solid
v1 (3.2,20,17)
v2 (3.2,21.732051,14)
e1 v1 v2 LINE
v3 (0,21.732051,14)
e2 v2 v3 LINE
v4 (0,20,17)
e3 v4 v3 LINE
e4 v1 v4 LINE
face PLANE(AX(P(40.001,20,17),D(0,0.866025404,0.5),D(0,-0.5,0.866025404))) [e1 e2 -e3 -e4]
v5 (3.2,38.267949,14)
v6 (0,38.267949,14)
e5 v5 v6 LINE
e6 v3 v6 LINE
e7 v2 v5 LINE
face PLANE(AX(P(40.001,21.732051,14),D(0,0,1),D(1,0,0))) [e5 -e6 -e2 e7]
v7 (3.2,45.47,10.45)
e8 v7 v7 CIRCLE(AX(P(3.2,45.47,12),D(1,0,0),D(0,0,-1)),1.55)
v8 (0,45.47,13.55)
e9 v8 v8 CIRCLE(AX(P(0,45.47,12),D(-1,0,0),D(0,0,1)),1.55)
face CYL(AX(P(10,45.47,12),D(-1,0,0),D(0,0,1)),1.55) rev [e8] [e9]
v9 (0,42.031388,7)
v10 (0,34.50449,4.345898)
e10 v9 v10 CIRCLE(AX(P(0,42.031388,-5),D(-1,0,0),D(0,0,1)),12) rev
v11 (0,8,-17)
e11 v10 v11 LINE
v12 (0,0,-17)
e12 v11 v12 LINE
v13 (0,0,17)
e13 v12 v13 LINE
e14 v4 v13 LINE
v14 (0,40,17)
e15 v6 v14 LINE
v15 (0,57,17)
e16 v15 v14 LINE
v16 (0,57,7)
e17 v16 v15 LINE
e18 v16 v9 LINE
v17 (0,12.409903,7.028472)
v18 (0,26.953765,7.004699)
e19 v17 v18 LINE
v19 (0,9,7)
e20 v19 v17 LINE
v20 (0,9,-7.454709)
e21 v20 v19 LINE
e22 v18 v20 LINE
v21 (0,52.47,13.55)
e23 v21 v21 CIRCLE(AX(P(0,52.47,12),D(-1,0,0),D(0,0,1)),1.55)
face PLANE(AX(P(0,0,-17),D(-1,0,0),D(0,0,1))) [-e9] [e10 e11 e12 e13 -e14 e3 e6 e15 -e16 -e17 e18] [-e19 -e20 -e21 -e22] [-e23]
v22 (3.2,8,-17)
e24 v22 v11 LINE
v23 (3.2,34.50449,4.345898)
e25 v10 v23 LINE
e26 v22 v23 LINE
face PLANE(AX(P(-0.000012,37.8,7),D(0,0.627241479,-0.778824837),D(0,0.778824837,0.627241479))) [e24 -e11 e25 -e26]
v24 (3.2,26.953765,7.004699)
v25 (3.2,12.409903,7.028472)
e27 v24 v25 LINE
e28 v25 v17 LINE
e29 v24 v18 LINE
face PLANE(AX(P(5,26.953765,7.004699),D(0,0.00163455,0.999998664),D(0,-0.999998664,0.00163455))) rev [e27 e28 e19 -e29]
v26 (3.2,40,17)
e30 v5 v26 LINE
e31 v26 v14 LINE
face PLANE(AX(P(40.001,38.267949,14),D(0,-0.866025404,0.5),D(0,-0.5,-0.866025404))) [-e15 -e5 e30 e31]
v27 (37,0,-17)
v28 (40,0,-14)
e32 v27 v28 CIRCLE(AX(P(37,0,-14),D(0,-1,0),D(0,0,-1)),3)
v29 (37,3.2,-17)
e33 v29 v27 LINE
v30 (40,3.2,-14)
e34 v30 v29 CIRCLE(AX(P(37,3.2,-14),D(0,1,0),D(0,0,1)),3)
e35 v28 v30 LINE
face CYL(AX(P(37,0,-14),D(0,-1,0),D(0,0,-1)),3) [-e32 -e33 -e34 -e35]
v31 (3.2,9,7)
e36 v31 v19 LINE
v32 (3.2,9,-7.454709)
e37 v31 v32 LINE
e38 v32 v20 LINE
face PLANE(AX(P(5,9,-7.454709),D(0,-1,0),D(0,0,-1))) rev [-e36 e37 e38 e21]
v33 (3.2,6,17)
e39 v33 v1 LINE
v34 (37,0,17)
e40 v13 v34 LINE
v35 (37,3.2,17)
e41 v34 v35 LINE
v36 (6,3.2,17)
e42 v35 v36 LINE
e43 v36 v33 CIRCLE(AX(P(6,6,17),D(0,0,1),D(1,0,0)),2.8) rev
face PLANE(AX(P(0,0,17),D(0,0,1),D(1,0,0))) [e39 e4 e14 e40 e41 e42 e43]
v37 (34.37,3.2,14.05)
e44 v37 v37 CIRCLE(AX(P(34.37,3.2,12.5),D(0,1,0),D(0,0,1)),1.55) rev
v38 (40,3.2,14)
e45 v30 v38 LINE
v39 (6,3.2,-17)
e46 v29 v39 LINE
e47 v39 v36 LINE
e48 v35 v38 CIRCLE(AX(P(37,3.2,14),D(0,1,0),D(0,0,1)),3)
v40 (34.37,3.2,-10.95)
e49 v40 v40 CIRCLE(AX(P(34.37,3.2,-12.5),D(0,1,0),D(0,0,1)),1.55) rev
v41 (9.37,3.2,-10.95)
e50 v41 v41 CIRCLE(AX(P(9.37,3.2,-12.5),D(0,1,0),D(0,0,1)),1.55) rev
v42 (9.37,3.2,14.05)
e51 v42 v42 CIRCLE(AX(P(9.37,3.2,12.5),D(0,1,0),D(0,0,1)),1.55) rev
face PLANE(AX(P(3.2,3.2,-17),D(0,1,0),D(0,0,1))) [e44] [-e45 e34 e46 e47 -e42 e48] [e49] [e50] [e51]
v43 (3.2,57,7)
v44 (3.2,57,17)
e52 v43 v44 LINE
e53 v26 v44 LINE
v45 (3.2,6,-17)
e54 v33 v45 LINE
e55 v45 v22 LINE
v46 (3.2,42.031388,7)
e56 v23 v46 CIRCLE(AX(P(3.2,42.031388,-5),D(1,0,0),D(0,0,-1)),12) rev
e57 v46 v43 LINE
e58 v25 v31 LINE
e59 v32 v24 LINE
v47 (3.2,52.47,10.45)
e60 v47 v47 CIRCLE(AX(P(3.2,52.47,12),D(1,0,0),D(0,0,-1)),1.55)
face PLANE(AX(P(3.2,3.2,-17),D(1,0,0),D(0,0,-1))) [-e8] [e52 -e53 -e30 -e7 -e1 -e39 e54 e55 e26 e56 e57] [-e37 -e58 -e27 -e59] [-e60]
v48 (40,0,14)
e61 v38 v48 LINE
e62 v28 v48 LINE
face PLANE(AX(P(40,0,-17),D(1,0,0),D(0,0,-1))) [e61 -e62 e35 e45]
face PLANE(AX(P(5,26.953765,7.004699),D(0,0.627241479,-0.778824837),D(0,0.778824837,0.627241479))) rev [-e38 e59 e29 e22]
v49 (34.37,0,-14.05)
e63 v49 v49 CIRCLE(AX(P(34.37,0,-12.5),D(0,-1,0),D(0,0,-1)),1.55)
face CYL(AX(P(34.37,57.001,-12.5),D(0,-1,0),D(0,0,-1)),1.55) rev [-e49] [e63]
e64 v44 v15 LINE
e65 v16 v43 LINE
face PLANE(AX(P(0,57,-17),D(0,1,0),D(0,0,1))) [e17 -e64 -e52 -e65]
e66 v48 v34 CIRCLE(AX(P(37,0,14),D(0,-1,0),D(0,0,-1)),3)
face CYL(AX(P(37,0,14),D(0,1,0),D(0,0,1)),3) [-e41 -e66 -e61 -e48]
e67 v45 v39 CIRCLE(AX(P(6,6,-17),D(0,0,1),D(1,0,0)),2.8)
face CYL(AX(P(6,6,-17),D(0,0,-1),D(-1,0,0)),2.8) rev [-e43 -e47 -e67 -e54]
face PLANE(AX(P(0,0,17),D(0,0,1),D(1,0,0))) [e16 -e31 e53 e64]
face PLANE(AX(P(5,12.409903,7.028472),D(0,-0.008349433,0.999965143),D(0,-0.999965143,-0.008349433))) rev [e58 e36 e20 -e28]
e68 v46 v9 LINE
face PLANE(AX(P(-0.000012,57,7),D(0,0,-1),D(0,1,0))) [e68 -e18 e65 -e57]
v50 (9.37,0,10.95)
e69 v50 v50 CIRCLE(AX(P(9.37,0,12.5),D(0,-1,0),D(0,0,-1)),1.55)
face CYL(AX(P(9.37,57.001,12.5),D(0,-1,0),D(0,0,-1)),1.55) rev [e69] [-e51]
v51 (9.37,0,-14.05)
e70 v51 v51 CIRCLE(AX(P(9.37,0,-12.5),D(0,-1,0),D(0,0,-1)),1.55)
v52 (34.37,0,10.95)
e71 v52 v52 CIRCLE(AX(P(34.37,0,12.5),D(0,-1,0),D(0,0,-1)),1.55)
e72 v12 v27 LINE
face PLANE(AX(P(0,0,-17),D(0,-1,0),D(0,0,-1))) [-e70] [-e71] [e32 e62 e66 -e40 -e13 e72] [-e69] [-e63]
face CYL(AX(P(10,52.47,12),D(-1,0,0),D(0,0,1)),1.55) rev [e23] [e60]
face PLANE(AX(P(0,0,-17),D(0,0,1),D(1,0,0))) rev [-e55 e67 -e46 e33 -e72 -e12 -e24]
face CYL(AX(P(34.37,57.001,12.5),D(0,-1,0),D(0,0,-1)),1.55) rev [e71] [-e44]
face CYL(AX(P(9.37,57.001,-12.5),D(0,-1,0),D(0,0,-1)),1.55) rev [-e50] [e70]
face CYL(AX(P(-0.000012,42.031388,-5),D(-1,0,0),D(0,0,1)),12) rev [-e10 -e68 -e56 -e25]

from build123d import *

# Parameters (mm, degrees)
BOSS_EXTRUDE1_DEPTH      = 17
BOSS_EXTRUDE1_DEPTH_BACK = 17
FILLET1_R                = 2.8
SKETCH4_R                = 1.5
CUT_EXTRUDE2_DEPTH       = 20
CUT_EXTRUDE3_REACH       = 73.68
SKETCH5_R                = 1.55
CUT_EXTRUDE4_DEPTH       = 72.67984375
CUT_EXTRUDE4_DEPTH_BACK  = 4
FILLET3_R                = 3
CUT_EXTRUDE5_DEPTH       = 5
SKETCH8_R                = 1.55
CUT_EXTRUDE8_DEPTH       = 10
CORTAR_EXTRUIR1_REACH    = 73.68
REDONDEO1_R              = 12


with BuildPart() as part:
    # Sketch1 → Boss-Extrude1 (new, two sides: drawn at the far end of the back side and taken through both)
    with BuildSketch(Plane.XY.offset(-BOSS_EXTRUDE1_DEPTH_BACK)):
        Polygon((0, 0), (0, 57), (3.2, 57), (3.2, 3.2), (40, 3.2), (40, 0), align=None)
    extrude(amount=BOSS_EXTRUDE1_DEPTH + BOSS_EXTRUDE1_DEPTH_BACK)

    # Fillet1
    fillet1_edges = [part.edges().sort_by_distance(p)[0] for p in [
        (3.2, 3.2, 0),
    ]]
    fillet(fillet1_edges, radius=FILLET1_R)

    # Sketch4 → Cut-Extrude2 (cut)
    with BuildSketch(Plane.XZ):
        with Locations((9.37, -12.5)):
            Circle(SKETCH4_R)
        with Locations((9.37, 12.5)):
            Circle(SKETCH4_R)
        with Locations((34.37, -12.5)):
            Circle(SKETCH4_R)
        with Locations((34.37, 12.5)):
            Circle(SKETCH4_R)
    extrude(amount=-CUT_EXTRUDE2_DEPTH, mode=Mode.SUBTRACT)

    # Sketch5 → Cut-Extrude3 (cut, up to next)
    with BuildSketch(Plane.XZ, mode=Mode.PRIVATE) as cut_extrude3_sk1:
        with Locations((9.37, 12.5)):
            Circle(SKETCH5_R)
    cut_extrude3_tool1 = extrude(cut_extrude3_sk1.sketch, amount=-CUT_EXTRUDE3_REACH, mode=Mode.PRIVATE) & part.part
    # Sketch5 → Cut-Extrude3 (cut, up to next)
    with BuildSketch(Plane.XZ, mode=Mode.PRIVATE) as cut_extrude3_sk2:
        with Locations((34.37, 12.5)):
            Circle(SKETCH5_R)
    cut_extrude3_tool2 = extrude(cut_extrude3_sk2.sketch, amount=-CUT_EXTRUDE3_REACH, mode=Mode.PRIVATE) & part.part
    # Sketch5 → Cut-Extrude3 (cut, up to next)
    with BuildSketch(Plane.XZ, mode=Mode.PRIVATE) as cut_extrude3_sk3:
        with Locations((9.37, -12.5)):
            Circle(SKETCH5_R)
    cut_extrude3_tool3 = extrude(cut_extrude3_sk3.sketch, amount=-CUT_EXTRUDE3_REACH, mode=Mode.PRIVATE) & part.part
    # Sketch5 → Cut-Extrude3 (cut, up to next)
    with BuildSketch(Plane.XZ, mode=Mode.PRIVATE) as cut_extrude3_sk4:
        with Locations((34.37, -12.5)):
            Circle(SKETCH5_R)
    cut_extrude3_tool4 = extrude(cut_extrude3_sk4.sketch, amount=-CUT_EXTRUDE3_REACH, mode=Mode.PRIVATE) & part.part
    add(cut_extrude3_tool1.solids().sort_by_distance((9.37, 0, 12.5))[0], mode=Mode.SUBTRACT)
    add(cut_extrude3_tool2.solids().sort_by_distance((34.37, 0, 12.5))[0], mode=Mode.SUBTRACT)
    add(cut_extrude3_tool3.solids().sort_by_distance((9.37, 0, -12.5))[0], mode=Mode.SUBTRACT)
    add(cut_extrude3_tool4.solids().sort_by_distance((34.37, 0, -12.5))[0], mode=Mode.SUBTRACT)

    # Sketch6 → Cut-Extrude4 (cut, two sides: drawn at the far end of the back side and taken through both)
    with BuildSketch(Plane.ZY.offset(-CUT_EXTRUDE4_DEPTH_BACK)):
        Polygon((7, 57), (-17, 57), (-17, 8), (7, 37.8), align=None)
    extrude(amount=CUT_EXTRUDE4_DEPTH + CUT_EXTRUDE4_DEPTH_BACK, mode=Mode.SUBTRACT)

    # Fillet3
    fillet3_edges = [part.edges().sort_by_distance(p)[0] for p in [
        (40, 1.6, -17),
        (40, 1.6, 17),
    ]]
    fillet(fillet3_edges, radius=FILLET3_R)

    # Sketch7 → Cut-Extrude5 (cut)
    with BuildSketch(Plane.ZY):
        Polygon((-7.454709153, 9), (7, 9), (7.028471746, 12.409902656), (7.004699048, 26.953765183), align=None)
    extrude(amount=-CUT_EXTRUDE5_DEPTH, mode=Mode.SUBTRACT)

    # Sketch8 → Cut-Extrude8 (cut)
    with BuildSketch(Plane.ZY):
        with Locations((12, 52.47)):
            Circle(SKETCH8_R)
        with Locations((12, 45.47)):
            Circle(SKETCH8_R)
    extrude(amount=-CUT_EXTRUDE8_DEPTH, mode=Mode.SUBTRACT)

    # Croquis1 → Cortar-Extruir1 (cut, up to next)
    with BuildSketch(Plane.ZY, mode=Mode.PRIVATE) as cortar_extruir1_sk1:
        Polygon((17, 20), (14, 21.732050808), (14, 38.267949192), (17, 40), align=None)
    cortar_extruir1_tool1 = extrude(cortar_extruir1_sk1.sketch, amount=-CORTAR_EXTRUIR1_REACH, mode=Mode.PRIVATE) & part.part
    add(cortar_extruir1_tool1.solids().sort_by_distance((0, 30, 15.547407))[0], mode=Mode.SUBTRACT)

    # Redondeo1
    redondeo1_edges = [part.edges().sort_by_distance(p)[0] for p in [
        (1.6, 37.8, 7),
    ]]
    fillet(redondeo1_edges, radius=REDONDEO1_R)


solid = part.part
